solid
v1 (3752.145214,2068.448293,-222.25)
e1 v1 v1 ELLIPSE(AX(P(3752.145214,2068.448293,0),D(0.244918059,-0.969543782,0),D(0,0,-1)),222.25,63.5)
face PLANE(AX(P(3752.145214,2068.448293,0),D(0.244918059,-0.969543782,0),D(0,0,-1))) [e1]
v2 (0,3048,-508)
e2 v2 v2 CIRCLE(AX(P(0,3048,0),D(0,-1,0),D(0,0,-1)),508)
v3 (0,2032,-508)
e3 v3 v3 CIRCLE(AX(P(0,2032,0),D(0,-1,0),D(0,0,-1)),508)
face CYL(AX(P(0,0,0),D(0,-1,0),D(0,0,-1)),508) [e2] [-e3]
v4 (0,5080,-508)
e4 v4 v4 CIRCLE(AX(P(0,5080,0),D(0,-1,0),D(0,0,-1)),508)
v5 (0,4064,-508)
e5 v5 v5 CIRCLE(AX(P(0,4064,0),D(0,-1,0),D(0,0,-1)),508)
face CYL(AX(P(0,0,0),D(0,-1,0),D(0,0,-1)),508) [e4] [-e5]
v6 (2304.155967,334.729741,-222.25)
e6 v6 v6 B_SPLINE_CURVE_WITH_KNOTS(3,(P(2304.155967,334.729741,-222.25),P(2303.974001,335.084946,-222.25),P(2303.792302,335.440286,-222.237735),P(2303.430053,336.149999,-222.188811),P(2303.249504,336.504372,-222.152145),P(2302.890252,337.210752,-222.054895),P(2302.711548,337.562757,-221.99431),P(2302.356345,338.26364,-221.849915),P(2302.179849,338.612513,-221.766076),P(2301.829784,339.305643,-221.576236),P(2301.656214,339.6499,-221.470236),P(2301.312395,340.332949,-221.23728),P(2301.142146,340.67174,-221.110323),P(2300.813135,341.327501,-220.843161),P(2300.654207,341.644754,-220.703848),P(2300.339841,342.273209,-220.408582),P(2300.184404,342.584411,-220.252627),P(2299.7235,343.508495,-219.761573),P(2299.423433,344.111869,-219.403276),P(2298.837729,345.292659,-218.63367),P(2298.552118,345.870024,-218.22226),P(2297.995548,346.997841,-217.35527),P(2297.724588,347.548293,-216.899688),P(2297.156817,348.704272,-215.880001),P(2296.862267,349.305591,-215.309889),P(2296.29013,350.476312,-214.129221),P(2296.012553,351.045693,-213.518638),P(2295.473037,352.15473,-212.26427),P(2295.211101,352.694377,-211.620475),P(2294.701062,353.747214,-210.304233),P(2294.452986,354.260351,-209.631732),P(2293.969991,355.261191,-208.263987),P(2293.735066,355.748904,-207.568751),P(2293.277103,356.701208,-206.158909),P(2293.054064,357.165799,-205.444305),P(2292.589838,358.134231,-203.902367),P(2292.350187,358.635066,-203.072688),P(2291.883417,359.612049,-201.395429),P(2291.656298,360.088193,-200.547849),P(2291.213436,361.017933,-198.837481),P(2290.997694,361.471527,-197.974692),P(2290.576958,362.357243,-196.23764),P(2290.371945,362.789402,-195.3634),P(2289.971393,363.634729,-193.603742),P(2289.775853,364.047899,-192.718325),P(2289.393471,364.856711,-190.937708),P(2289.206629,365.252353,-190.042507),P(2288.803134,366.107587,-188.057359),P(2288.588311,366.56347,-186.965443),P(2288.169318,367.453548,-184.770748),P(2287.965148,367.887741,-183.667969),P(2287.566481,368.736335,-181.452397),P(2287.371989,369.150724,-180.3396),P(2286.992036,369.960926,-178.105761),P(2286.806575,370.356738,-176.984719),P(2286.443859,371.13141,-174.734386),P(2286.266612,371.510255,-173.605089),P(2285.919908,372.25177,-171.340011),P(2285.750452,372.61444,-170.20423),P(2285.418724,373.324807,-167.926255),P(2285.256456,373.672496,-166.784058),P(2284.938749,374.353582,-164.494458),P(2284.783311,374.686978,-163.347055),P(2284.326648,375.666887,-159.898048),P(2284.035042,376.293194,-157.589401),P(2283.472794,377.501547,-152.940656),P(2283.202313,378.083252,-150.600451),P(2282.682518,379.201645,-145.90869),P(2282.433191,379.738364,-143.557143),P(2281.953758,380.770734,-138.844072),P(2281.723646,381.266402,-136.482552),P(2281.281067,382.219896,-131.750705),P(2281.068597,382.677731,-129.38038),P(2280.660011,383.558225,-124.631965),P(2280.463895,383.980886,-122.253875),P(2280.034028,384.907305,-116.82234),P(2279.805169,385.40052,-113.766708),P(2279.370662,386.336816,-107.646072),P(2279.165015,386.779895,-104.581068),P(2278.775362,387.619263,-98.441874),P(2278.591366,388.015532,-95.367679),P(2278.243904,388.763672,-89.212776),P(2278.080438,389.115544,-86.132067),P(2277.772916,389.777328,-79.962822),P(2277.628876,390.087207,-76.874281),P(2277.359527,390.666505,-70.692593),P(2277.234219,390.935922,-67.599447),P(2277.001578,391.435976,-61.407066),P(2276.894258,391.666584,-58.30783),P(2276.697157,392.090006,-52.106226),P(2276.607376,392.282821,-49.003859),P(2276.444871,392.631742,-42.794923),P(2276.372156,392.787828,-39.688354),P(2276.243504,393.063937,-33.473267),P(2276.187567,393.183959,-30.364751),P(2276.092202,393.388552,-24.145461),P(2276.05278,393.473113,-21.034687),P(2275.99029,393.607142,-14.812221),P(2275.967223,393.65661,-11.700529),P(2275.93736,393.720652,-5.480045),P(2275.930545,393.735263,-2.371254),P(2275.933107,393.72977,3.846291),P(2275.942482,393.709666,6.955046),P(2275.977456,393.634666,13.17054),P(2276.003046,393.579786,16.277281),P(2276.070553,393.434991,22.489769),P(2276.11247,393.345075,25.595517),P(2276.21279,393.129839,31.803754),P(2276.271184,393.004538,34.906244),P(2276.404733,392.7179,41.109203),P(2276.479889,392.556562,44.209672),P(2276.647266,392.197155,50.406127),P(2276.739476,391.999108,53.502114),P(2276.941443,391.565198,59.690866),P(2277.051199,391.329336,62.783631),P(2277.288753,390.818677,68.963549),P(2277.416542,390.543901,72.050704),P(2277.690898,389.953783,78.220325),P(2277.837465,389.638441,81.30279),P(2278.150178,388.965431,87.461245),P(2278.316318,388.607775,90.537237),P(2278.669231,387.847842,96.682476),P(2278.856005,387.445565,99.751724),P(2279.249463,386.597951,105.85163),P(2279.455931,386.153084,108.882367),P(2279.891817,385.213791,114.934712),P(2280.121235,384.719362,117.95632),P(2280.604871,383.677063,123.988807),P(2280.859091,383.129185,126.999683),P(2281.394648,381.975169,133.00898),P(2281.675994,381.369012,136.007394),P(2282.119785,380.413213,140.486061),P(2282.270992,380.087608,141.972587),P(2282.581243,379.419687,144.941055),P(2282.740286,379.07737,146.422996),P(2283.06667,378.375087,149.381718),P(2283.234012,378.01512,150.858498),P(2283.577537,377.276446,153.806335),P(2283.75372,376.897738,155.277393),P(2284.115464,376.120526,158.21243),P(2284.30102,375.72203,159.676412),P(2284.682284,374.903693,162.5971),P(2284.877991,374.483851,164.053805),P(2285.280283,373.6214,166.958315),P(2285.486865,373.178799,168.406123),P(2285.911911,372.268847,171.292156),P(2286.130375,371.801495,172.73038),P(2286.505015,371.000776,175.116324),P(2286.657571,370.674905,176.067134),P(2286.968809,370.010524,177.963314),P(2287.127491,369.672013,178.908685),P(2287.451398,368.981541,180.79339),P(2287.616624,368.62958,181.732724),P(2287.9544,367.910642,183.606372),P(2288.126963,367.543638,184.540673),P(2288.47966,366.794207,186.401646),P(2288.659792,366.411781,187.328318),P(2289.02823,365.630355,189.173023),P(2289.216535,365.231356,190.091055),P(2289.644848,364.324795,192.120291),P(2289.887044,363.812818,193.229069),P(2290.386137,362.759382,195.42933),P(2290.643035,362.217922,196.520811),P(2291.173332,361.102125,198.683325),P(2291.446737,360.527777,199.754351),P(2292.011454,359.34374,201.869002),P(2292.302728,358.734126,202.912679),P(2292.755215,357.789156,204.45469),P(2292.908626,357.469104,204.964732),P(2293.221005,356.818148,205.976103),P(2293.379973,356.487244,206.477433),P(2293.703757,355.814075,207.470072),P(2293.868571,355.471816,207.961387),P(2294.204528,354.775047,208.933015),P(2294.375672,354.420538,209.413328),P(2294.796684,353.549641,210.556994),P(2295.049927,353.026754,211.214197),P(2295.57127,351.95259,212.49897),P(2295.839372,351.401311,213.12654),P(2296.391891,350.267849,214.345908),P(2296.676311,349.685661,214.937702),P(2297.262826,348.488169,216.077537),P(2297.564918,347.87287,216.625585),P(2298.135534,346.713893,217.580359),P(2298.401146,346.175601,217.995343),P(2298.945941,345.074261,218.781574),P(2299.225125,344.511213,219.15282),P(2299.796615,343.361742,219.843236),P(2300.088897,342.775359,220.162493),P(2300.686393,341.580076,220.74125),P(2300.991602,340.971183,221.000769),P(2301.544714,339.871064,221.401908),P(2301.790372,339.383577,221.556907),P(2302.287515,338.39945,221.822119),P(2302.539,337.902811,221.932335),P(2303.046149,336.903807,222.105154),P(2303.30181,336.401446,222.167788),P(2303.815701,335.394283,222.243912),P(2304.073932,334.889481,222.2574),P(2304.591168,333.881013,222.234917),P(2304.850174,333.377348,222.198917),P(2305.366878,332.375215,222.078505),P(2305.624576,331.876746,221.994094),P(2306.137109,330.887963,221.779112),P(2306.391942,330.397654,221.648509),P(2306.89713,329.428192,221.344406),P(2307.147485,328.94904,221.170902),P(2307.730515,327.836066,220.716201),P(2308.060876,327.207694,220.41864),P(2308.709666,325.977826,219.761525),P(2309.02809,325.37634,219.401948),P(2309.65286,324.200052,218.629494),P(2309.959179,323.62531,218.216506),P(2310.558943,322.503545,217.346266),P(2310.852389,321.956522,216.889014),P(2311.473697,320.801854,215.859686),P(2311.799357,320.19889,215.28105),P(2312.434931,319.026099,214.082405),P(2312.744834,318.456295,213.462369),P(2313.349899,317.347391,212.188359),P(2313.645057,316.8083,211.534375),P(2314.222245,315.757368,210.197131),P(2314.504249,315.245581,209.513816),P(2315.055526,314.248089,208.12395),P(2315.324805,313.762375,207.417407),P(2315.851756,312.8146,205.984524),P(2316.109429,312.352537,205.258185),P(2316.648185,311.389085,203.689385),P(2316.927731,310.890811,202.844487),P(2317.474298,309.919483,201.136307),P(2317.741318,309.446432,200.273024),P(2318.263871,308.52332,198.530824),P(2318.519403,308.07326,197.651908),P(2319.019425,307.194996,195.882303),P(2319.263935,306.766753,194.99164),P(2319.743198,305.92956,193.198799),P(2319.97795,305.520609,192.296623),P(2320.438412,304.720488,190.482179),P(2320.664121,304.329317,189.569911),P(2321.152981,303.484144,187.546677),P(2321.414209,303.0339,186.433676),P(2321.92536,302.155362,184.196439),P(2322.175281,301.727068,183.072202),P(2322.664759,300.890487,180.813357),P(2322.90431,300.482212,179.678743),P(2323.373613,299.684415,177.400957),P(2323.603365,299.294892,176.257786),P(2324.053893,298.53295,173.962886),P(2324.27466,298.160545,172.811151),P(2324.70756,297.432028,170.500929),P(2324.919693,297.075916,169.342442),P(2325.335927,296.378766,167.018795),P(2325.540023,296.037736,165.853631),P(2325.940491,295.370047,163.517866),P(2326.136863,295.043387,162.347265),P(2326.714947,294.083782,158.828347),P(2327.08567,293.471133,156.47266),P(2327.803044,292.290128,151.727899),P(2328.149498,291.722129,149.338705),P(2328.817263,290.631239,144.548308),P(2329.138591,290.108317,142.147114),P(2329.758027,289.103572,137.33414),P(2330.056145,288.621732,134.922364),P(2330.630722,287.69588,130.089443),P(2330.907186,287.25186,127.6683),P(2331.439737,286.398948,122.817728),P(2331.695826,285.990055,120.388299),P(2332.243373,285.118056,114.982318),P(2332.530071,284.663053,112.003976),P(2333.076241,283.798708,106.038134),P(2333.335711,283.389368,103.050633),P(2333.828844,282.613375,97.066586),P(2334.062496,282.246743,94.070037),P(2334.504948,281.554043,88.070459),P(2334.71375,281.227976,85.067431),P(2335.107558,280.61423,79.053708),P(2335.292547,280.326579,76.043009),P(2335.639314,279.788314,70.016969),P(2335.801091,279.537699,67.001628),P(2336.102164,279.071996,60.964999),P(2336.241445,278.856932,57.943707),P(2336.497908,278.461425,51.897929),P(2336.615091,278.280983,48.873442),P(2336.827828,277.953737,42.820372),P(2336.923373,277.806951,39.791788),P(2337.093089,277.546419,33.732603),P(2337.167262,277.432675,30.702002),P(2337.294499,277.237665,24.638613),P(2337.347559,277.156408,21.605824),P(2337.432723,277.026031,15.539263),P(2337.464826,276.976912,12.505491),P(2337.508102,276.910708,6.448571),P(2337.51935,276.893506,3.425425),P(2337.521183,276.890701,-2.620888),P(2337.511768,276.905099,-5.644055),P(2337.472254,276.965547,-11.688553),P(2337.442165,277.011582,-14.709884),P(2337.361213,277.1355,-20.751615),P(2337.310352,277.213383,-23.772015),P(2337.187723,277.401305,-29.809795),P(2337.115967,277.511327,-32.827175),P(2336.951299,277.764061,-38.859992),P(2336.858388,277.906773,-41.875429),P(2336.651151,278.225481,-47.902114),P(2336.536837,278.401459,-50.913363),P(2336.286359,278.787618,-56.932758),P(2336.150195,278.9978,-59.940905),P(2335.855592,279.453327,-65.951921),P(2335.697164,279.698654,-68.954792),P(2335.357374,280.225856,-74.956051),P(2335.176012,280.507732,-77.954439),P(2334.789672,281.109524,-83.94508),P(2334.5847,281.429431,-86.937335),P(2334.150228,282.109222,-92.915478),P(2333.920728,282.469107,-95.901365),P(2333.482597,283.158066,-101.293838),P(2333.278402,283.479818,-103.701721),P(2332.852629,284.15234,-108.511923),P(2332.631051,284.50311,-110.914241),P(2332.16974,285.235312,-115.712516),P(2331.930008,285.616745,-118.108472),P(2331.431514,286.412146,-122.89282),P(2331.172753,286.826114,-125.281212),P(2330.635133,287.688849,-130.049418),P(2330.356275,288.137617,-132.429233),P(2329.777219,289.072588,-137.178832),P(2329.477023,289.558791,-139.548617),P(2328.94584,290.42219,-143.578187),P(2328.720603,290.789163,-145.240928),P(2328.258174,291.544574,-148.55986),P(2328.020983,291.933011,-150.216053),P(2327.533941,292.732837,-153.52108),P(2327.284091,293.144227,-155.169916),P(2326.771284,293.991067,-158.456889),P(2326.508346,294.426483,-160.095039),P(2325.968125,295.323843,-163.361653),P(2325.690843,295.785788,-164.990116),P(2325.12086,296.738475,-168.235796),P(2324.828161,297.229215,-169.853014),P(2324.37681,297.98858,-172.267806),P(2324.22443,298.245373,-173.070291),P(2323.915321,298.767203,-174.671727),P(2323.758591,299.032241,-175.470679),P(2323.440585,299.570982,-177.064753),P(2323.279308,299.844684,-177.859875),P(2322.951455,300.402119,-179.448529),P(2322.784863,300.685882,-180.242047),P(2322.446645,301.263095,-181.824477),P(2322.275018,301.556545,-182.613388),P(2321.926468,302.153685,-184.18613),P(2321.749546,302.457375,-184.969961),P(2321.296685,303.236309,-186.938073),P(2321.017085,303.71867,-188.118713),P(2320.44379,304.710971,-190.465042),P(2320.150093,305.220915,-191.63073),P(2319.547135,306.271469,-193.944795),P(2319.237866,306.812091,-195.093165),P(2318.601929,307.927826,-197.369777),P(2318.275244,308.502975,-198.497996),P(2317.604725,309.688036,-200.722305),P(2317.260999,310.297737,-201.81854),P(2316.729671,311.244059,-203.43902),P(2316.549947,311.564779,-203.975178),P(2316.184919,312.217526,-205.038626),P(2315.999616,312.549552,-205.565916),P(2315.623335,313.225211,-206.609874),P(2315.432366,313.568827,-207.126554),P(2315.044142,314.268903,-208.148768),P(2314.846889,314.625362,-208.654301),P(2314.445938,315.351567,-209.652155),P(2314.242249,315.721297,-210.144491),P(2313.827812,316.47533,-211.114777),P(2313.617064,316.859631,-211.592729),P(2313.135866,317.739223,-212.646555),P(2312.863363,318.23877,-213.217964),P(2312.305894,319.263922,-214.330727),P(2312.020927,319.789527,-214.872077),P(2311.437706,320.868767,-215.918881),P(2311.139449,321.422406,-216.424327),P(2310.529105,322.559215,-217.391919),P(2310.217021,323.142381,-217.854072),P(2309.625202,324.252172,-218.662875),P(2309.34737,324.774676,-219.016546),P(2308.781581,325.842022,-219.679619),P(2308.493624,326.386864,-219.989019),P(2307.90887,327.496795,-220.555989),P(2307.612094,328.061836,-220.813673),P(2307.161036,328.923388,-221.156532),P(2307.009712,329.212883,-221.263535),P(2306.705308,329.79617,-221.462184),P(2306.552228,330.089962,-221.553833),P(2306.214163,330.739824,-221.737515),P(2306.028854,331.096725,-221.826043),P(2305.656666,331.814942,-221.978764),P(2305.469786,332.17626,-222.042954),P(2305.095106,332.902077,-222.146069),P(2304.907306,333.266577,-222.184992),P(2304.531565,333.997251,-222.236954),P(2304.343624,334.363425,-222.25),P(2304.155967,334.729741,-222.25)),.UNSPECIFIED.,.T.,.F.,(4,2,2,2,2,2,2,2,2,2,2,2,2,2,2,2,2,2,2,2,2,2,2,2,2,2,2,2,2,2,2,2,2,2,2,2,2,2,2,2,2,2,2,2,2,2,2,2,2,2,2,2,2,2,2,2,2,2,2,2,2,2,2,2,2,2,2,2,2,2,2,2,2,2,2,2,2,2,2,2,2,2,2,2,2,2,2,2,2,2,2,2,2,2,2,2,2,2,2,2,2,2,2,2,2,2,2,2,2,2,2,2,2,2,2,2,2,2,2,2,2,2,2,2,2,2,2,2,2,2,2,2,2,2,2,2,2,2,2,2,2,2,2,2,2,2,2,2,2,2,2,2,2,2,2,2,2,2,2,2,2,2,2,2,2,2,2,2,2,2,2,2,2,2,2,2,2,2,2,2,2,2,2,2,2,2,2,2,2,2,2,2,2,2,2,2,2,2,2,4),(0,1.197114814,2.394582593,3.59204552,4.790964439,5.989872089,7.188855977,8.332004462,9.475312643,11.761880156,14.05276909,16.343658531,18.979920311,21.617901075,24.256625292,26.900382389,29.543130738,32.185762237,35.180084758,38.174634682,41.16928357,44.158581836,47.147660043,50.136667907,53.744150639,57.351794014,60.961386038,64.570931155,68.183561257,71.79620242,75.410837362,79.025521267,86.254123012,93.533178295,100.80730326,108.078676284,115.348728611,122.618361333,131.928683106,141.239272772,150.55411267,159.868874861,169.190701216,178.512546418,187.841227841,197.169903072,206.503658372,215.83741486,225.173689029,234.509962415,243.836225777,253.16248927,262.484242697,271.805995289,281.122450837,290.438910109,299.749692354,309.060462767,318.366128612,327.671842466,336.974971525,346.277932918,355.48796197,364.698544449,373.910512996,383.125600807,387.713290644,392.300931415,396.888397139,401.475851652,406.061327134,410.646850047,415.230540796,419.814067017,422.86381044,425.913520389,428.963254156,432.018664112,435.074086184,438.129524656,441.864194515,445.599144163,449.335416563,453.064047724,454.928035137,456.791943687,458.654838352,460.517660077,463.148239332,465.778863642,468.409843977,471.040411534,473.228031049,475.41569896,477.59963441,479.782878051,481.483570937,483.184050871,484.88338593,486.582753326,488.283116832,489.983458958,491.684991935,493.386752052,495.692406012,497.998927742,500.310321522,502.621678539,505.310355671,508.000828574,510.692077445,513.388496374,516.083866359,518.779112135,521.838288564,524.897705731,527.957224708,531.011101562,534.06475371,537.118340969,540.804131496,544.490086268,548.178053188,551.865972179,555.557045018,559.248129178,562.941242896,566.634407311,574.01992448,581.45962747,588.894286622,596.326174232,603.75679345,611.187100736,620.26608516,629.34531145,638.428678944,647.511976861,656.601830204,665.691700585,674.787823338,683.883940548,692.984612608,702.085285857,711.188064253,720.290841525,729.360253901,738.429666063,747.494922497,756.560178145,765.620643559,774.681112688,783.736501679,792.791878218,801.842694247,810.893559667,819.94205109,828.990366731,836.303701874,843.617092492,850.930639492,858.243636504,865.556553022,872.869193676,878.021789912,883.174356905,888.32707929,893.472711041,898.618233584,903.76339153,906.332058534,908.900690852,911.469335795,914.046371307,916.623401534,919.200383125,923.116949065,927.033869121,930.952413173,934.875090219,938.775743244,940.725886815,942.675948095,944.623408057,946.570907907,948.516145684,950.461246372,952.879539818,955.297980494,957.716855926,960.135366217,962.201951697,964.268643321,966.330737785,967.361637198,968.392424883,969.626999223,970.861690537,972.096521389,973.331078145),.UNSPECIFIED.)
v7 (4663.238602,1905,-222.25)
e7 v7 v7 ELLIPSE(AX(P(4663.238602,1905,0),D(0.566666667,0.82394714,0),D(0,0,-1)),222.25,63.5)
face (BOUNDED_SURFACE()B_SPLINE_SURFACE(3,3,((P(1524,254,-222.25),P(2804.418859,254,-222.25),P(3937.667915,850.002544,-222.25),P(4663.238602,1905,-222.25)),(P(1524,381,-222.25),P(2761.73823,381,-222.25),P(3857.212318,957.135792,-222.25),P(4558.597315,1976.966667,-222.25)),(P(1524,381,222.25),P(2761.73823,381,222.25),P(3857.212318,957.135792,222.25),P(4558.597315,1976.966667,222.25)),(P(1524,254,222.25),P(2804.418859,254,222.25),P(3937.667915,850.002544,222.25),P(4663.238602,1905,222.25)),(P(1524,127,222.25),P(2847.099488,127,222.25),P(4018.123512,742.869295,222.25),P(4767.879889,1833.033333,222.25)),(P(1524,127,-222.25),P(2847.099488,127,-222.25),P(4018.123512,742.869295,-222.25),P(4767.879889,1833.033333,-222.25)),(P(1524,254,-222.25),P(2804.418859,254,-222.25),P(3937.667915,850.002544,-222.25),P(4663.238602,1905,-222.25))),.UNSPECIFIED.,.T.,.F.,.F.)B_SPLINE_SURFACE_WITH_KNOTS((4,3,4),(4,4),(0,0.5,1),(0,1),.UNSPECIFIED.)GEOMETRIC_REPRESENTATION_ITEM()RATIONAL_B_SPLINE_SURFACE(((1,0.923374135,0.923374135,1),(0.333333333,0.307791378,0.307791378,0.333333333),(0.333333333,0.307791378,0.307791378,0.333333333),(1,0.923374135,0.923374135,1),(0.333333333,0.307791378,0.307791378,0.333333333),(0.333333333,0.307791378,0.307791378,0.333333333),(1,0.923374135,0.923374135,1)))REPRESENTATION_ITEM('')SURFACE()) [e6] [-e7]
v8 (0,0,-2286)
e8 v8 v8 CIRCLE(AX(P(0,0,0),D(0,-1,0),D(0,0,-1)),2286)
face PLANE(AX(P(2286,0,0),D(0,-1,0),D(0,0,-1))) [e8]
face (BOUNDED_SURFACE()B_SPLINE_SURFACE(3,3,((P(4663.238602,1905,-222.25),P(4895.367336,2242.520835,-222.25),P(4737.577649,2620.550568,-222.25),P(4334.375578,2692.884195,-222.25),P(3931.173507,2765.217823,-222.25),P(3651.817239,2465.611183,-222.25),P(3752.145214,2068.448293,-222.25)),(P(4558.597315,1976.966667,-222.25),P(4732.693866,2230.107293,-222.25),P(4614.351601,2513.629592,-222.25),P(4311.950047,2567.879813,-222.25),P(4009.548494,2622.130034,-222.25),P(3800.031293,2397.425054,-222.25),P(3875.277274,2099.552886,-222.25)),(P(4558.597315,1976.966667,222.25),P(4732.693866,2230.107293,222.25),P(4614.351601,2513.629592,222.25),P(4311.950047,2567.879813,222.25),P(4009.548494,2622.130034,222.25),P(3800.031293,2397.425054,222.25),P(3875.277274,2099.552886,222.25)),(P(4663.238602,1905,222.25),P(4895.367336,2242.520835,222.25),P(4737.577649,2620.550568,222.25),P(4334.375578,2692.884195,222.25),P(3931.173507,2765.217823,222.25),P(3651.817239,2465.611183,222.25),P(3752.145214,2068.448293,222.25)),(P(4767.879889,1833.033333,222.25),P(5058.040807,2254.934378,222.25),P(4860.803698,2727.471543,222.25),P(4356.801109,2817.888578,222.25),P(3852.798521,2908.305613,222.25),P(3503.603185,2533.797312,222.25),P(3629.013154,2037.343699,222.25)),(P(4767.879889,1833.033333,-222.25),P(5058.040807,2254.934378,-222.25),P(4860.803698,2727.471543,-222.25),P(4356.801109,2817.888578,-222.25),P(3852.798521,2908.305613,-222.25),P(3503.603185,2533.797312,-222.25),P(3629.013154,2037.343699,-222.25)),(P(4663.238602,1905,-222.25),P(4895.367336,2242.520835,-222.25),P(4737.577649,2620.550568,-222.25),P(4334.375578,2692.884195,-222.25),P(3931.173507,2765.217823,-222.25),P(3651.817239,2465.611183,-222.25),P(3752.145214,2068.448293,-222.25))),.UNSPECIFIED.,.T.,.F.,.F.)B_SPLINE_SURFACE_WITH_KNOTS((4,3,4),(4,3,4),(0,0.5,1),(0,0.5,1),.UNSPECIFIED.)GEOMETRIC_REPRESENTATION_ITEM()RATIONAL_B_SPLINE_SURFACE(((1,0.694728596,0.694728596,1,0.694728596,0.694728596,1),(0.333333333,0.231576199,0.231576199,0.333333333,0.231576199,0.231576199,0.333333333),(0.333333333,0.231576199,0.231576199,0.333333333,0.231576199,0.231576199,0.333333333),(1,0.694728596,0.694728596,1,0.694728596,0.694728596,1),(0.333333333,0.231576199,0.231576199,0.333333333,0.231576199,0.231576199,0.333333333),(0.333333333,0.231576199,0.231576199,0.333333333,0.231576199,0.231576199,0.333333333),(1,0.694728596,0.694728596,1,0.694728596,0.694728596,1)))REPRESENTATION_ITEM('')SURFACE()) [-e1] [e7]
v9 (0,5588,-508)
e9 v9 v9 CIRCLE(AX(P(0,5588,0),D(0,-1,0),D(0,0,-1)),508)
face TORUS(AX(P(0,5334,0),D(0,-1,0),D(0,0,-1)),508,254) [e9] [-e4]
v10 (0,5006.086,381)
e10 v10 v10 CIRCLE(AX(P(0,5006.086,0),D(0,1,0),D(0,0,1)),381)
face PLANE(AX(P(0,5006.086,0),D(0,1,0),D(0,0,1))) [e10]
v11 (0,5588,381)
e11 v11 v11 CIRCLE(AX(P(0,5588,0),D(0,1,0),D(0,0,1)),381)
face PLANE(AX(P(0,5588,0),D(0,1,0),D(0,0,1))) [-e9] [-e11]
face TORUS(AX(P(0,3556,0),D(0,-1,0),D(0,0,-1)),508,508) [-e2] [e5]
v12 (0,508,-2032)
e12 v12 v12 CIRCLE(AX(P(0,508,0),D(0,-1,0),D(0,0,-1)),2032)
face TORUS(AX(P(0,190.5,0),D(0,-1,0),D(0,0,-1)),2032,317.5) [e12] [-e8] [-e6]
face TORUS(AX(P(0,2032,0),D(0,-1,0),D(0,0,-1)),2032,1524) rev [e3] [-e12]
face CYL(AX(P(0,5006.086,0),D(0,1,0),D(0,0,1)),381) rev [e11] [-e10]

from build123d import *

# Parameters (mm, degrees)
CROQUIS2_RX           = 222.25
CROQUIS2_RY           = 63.5
CROQUIS4_R            = 381
CORTAR_EXTRUIR1_DEPTH = 581.914


with BuildPart() as part:
    # Croquis1 → Revolución1 (revolve)
    with BuildSketch(Plane.XY, mode=Mode.PRIVATE) as revoluci_n1_sk:
        with BuildLine():
            Line((2286, 0), (0, 0))
            Line((0, 0), (0, 5588))
            Line((0, 5588), (508, 5588))
            ThreePointArc((508, 5588), (762, 5334), (508, 5080))
            Line((508, 5080), (508, 4064))
            ThreePointArc((508, 4064), (1016, 3556), (508, 3048))
            Line((508, 3048), (508, 2032))
            ThreePointArc((508, 2032), (954.369265472, 954.369265472), (2032, 508))
            ThreePointArc((2032, 508), (2315.980633142, 332.490316571), (2286, 0))
        make_face()
    revolve(revoluci_n1_sk.sketch.rotate(Axis((0, 0, 0), (0, 1, 0)), 90), axis=Axis((0, 0, 0), (0, 1, 0)))

    # Barrer2: sweep along a path in Croquis3
    with BuildLine(Plane.XY) as barrer2_path:
        Line((0, 254), (1524, 254))
        ThreePointArc((1524, 254), (3297.458485559, 691.916815973), (4663.238601954, 1905))
        ThreePointArc((4663.238601954, 1905), (4334.375578315, 2692.884195437), (3752.145213981, 2068.448292735))
    # Croquis2 → Barrer2 (sweep)
    with BuildSketch(Plane(origin=(0, 0, 0), x_dir=(0, 0, -1), z_dir=(1, 0, 0))):
        with Locations((0, 254)):
            Ellipse(CROQUIS2_RX, CROQUIS2_RY)
    sweep(path=barrer2_path.line)

    # Croquis4 → Cortar-Extruir1 (cut)
    with BuildSketch(Plane(origin=(0, 5588, 0), x_dir=(1, 0, 0), z_dir=(0, 1, 0))):
        with Locations(Location((0, 0, 0), (0, 0, 270))):
            Circle(CROQUIS4_R)
    extrude(amount=-CORTAR_EXTRUIR1_DEPTH, mode=Mode.SUBTRACT)


solid = part.part
